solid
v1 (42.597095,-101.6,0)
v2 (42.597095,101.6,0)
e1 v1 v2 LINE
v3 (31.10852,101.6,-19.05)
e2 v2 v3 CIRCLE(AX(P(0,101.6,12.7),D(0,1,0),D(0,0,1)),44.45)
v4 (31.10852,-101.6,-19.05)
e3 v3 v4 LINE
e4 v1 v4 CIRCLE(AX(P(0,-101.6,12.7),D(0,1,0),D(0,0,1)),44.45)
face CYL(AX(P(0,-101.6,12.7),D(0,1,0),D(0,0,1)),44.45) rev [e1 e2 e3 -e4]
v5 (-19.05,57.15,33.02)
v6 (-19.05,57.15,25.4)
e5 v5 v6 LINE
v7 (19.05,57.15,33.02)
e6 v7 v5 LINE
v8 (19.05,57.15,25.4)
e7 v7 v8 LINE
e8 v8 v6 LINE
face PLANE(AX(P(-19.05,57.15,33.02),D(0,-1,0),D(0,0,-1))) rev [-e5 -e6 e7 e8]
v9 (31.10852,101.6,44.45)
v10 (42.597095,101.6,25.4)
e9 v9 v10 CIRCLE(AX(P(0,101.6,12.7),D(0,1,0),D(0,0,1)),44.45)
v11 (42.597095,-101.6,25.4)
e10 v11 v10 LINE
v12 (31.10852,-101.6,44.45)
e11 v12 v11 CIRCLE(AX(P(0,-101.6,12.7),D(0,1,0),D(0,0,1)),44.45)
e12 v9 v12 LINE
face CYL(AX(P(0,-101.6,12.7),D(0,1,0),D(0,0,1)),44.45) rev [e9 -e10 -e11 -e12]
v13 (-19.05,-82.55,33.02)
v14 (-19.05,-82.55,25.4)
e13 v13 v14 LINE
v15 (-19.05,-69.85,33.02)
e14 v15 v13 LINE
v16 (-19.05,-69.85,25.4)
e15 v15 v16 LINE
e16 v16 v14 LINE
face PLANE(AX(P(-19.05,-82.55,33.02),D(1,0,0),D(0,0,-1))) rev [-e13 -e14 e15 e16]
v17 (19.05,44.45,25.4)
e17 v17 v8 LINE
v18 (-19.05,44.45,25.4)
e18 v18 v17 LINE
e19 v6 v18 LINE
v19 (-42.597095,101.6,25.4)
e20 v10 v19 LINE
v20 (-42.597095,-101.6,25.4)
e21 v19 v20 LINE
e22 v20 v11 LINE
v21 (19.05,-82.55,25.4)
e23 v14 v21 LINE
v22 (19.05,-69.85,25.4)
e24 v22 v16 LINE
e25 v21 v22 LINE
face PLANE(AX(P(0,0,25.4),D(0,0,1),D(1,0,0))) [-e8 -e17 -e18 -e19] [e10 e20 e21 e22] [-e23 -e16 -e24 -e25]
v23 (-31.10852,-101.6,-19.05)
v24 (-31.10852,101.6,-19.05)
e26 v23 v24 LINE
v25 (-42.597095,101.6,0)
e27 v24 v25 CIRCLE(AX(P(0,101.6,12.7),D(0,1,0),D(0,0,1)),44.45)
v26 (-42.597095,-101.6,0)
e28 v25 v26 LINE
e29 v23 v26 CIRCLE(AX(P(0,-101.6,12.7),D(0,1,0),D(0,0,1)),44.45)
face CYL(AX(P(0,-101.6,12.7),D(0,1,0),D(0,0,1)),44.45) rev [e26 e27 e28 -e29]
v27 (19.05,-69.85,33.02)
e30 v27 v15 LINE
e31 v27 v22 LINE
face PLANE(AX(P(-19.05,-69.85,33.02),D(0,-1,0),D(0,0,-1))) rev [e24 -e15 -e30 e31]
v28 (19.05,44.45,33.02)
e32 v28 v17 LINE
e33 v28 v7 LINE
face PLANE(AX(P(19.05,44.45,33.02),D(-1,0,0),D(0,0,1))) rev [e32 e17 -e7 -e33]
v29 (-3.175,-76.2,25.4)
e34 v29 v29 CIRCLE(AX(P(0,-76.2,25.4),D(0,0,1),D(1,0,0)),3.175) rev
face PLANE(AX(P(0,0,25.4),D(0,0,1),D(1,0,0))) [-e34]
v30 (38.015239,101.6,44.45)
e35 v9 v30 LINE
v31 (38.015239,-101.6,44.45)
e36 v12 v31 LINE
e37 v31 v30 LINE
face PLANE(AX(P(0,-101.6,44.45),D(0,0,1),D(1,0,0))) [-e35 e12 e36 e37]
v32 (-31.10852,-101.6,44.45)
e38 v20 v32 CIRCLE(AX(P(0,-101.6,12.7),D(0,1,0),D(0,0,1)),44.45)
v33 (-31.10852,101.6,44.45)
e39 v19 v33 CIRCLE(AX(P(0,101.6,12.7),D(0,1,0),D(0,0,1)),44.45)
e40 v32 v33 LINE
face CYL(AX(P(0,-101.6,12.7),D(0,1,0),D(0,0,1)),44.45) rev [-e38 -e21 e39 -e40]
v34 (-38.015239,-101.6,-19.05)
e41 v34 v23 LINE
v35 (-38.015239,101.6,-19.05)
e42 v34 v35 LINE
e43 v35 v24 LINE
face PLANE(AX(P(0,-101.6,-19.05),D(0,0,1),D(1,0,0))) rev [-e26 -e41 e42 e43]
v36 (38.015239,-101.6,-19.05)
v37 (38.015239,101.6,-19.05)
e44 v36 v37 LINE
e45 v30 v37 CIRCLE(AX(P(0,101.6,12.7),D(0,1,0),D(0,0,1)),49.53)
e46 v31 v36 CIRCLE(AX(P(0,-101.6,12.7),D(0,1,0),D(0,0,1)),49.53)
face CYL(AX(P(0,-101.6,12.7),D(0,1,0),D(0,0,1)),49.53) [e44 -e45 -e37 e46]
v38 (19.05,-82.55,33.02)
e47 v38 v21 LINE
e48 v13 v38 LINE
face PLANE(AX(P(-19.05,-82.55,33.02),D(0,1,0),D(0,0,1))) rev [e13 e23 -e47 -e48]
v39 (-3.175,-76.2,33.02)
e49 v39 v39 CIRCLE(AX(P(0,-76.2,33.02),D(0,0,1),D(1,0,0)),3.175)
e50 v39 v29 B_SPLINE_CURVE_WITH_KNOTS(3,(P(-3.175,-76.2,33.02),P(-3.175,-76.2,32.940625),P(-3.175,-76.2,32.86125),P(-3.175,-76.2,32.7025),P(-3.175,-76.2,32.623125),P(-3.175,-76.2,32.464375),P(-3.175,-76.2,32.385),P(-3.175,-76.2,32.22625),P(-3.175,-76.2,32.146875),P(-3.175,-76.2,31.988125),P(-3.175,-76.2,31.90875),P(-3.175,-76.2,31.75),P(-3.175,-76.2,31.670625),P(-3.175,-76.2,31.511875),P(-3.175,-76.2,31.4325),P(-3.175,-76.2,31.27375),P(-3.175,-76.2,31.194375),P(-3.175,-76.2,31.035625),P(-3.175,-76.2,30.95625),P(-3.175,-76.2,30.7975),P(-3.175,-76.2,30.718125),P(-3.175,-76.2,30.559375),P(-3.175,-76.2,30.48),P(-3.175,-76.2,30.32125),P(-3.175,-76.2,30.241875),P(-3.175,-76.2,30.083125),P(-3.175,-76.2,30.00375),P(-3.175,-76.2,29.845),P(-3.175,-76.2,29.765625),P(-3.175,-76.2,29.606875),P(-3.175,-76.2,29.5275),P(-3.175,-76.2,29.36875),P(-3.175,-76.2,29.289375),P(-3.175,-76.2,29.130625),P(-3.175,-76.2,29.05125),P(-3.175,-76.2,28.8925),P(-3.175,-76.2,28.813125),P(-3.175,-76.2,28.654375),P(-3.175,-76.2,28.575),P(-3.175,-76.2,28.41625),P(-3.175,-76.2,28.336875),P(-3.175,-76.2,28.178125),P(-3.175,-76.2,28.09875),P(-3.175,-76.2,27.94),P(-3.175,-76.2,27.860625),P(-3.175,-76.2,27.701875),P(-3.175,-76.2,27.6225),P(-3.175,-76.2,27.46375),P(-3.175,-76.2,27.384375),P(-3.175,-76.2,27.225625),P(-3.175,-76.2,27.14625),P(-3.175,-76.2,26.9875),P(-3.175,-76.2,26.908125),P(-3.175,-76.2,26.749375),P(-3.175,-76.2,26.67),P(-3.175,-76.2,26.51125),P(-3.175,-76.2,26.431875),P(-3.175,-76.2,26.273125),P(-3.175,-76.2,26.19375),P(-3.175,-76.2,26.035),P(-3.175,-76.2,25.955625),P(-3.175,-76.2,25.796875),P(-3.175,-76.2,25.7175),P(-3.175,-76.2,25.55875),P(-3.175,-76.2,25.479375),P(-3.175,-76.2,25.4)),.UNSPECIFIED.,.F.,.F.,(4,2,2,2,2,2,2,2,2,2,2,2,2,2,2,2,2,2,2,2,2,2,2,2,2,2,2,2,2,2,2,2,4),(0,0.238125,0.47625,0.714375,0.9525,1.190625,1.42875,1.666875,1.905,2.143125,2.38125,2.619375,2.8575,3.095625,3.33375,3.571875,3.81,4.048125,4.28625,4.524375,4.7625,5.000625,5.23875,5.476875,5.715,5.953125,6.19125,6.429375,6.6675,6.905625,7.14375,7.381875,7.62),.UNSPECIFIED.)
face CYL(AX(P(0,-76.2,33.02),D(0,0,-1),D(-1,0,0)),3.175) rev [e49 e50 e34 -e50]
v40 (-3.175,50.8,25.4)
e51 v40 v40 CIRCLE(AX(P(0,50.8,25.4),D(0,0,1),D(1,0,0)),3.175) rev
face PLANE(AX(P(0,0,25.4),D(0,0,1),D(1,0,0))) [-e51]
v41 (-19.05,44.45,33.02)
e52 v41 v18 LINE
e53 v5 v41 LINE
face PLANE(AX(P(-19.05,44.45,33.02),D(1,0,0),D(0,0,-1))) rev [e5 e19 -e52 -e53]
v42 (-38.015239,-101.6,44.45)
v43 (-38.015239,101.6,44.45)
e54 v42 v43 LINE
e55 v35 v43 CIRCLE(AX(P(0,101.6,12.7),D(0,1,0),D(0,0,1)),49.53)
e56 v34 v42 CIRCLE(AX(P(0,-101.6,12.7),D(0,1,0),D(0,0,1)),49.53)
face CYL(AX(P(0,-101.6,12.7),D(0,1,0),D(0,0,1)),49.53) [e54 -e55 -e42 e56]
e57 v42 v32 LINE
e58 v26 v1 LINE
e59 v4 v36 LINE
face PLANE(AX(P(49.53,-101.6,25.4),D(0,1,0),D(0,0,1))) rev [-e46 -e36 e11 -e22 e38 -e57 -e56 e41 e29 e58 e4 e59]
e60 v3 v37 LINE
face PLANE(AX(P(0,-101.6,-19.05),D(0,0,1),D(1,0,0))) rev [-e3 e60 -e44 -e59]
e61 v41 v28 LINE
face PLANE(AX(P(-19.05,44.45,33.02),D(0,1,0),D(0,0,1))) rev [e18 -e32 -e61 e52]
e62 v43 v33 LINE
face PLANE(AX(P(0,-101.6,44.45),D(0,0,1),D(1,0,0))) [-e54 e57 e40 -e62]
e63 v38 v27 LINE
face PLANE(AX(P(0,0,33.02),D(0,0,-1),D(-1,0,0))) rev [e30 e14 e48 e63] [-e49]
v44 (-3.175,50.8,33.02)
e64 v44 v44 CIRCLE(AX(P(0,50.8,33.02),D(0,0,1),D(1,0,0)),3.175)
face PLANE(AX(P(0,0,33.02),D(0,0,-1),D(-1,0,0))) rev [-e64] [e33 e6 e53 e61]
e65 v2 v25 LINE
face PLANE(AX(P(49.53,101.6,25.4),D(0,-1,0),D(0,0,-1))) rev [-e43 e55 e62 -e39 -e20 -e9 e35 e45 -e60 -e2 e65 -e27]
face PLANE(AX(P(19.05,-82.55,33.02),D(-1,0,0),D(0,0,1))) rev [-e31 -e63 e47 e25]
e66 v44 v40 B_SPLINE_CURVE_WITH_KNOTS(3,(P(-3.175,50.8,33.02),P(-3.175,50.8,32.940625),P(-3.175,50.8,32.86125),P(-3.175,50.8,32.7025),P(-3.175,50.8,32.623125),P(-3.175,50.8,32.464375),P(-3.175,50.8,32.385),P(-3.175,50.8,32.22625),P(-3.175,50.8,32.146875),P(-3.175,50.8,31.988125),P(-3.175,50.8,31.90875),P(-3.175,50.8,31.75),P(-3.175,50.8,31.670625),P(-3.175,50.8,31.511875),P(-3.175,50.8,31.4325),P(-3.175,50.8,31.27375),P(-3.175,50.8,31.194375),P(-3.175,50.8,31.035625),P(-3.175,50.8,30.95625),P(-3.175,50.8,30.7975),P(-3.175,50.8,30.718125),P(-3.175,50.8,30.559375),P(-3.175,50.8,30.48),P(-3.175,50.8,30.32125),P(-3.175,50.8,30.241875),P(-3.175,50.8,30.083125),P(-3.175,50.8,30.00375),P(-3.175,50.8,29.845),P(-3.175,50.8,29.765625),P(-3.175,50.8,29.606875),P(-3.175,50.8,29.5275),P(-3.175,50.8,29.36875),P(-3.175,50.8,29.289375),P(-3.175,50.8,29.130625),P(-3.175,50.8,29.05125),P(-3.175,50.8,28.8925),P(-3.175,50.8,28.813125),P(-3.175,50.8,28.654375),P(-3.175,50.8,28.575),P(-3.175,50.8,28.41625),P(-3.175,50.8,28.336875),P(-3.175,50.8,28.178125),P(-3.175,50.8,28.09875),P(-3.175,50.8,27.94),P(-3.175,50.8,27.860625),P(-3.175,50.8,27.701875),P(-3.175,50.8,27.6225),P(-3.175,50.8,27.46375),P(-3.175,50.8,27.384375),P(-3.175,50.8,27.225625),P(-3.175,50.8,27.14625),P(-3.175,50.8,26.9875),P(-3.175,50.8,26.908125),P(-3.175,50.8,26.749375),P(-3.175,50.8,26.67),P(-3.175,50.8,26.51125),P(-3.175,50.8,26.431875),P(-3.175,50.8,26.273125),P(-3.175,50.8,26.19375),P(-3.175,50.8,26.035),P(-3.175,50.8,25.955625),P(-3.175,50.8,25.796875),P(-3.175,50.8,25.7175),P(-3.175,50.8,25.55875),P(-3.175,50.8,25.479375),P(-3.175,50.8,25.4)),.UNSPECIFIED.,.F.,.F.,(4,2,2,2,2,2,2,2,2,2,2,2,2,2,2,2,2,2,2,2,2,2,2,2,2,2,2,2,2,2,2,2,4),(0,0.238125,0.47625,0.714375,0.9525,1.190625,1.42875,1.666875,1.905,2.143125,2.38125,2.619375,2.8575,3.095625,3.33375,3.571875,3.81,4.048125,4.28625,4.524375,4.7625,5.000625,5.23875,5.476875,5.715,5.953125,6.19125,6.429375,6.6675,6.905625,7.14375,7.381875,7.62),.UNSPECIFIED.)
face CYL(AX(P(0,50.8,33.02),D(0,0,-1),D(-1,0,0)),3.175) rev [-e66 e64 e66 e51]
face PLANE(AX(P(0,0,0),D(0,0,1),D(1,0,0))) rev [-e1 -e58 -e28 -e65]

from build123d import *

# Parameters (mm, degrees)
SKETCH1_W           = 99.06
SKETCH1_H           = 203.2
BOSS_EXTRUDE1_DEPTH = 25.4
SKETCH2_R           = 49.53
SKETCH2_R_2         = 44.45
BOSS_EXTRUDE2_DEPTH = 203.2
CUT_EXTRUDE1_DEPTH  = 219.2109846
SKETCH6_W           = 38.1
SKETCH6_H           = 12.7
SKETCH6_R           = 3.175
BOSS_EXTRUDE3_DEPTH = 7.62


with BuildPart() as part:
    # Sketch1 → Boss-Extrude1 (new body)
    with BuildSketch(Plane.XY):
        Rectangle(SKETCH1_W, SKETCH1_H)
    extrude(amount=BOSS_EXTRUDE1_DEPTH)

    # Sketch2 → Boss-Extrude2 (add, through all)
    with BuildSketch(Plane(origin=(0, 101.6, 0), x_dir=(1, 0, 0), z_dir=(0, 1, 0))):
        with Locations((0, -12.7)):
            Circle(SKETCH2_R)
        with Locations((0, -12.7)):
            Circle(SKETCH2_R_2, mode=Mode.SUBTRACT)
    extrude(amount=-BOSS_EXTRUDE2_DEPTH)

    # Sketch3 → Cut-Extrude1 (cut, through all)
    with BuildSketch(Plane(origin=(0, 101.6, 0), x_dir=(1, 0, 0), z_dir=(0, 1, 0))):
        with BuildLine():
            Line((-38.01523905, 19.05), (-47.519048812, 19.05))
            ThreePointArc((-47.519048812, 19.05), (-57.15, -12.7), (-47.519048812, -44.45))
            Line((-47.519048812, -44.45), (-38.01523905, -44.45))
            ThreePointArc((-38.01523905, -44.45), (-43.988304304, -35.465104533), (-47.874115135, -25.4))
            Line((-47.874115135, -25.4), (-49.53, -25.4))
            Line((-49.53, -25.4), (-49.53, -12.7))
            Line((-49.53, -12.7), (-49.53, 0))
            Line((-49.53, 0), (-47.874115135, 0))
            ThreePointArc((-47.874115135, 0), (-43.988304304, 10.065104533), (-38.01523905, 19.05))
        make_face()
        with BuildLine():
            Line((47.519048812, 19.05), (38.01523905, 19.05))
            ThreePointArc((38.01523905, 19.05), (43.988304304, 10.065104533), (47.874115135, 0))
            Line((47.874115135, 0), (49.53, 0))
            Line((49.53, 0), (49.53, -12.7))
            Line((49.53, -12.7), (49.53, -25.4))
            Line((49.53, -25.4), (47.874115135, -25.4))
            ThreePointArc((47.874115135, -25.4), (43.988304304, -35.465104533), (38.01523905, -44.45))
            Line((38.01523905, -44.45), (47.519048812, -44.45))
            ThreePointArc((47.519048812, -44.45), (54.689286609, -29.289286609), (57.15, -12.7))
            ThreePointArc((57.15, -12.7), (54.689286609, 3.889286609), (47.519048812, 19.05))
        make_face()
        with BuildLine():
            ThreePointArc((31.108519733, 19.05), (0, 31.75), (-31.108519733, 19.05))
            Line((-31.108519733, 19.05), (31.108519733, 19.05))
        make_face()
        with BuildLine():
            ThreePointArc((38.01523905, 19.05), (0, 36.83), (-38.01523905, 19.05))
            Line((-38.01523905, 19.05), (-31.108519733, 19.05))
            ThreePointArc((-31.108519733, 19.05), (0, 31.75), (31.108519733, 19.05))
            Line((31.108519733, 19.05), (38.01523905, 19.05))
        make_face()
        with BuildLine():
            ThreePointArc((2.76e-07, 44.45), (-26.940768242, 37.701562541), (-47.519048812, 19.05))
            Line((-47.519048812, 19.05), (-38.01523905, 19.05))
            ThreePointArc((-38.01523905, 19.05), (0, 36.83), (38.01523905, 19.05))
            Line((38.01523905, 19.05), (47.519048812, 19.05))
            ThreePointArc((47.519048812, 19.05), (26.940768485, 37.701562411), (2.76e-07, 44.45))
        make_face()
        with BuildLine():
            Line((-63.5, 44.45), (-63.5, 19.05))
            Line((-63.5, 19.05), (-47.519048812, 19.05))
            ThreePointArc((-47.519048812, 19.05), (-26.940768242, 37.701562541), (2.76e-07, 44.45))
            Line((2.76e-07, 44.45), (-63.5, 44.45))
        make_face()
        with BuildLine():
            Line((63.5, 44.45), (2.76e-07, 44.45))
            ThreePointArc((2.76e-07, 44.45), (26.940768485, 37.701562411), (47.519048812, 19.05))
            Line((47.519048812, 19.05), (63.5, 19.05))
            Line((63.5, 19.05), (63.5, 44.45))
        make_face()
        with BuildLine():
            ThreePointArc((47.519048812, -44.45), (26.940768401, -63.101562456), (8.5e-08, -69.85))
            Line((8.5e-08, -69.85), (63.5, -69.85))
            Line((63.5, -69.85), (63.5, -44.45))
            Line((63.5, -44.45), (47.519048812, -44.45))
        make_face()
        with BuildLine():
            ThreePointArc((8.5e-08, -69.85), (-26.940768326, -63.101562496), (-47.519048812, -44.45))
            Line((-47.519048812, -44.45), (-63.5, -44.45))
            Line((-63.5, -44.45), (-63.5, -69.85))
            Line((-63.5, -69.85), (8.5e-08, -69.85))
        make_face()
        with BuildLine():
            Line((-38.01523905, -44.45), (-47.519048812, -44.45))
            ThreePointArc((-47.519048812, -44.45), (-26.940768326, -63.101562496), (8.5e-08, -69.85))
            ThreePointArc((8.5e-08, -69.85), (26.940768401, -63.101562456), (47.519048812, -44.45))
            Line((47.519048812, -44.45), (38.01523905, -44.45))
            ThreePointArc((38.01523905, -44.45), (0, -62.23), (-38.01523905, -44.45))
        make_face()
        with BuildLine():
            Line((-31.108519733, -44.45), (-38.01523905, -44.45))
            ThreePointArc((-38.01523905, -44.45), (0, -62.23), (38.01523905, -44.45))
            Line((38.01523905, -44.45), (31.108519733, -44.45))
            ThreePointArc((31.108519733, -44.45), (0, -57.15), (-31.108519733, -44.45))
        make_face()
        with BuildLine():
            Line((31.108519733, -44.45), (-31.108519733, -44.45))
            ThreePointArc((-31.108519733, -44.45), (0, -57.15), (31.108519733, -44.45))
        make_face()
        with BuildLine():
            ThreePointArc((-49.53, -12.7), (-49.114284188, -6.296251983), (-47.874115135, 0))
            Line((-47.874115135, 0), (-49.53, 0))
            Line((-49.53, 0), (-49.53, -12.7))
        make_face()
        with BuildLine():
            ThreePointArc((-47.874115135, -25.4), (-49.114284188, -19.103748017), (-49.53, -12.7))
            Line((-49.53, -12.7), (-49.53, -25.4))
            Line((-49.53, -25.4), (-47.874115135, -25.4))
        make_face()
        with BuildLine():
            Line((49.53, -25.4), (49.53, -12.7))
            ThreePointArc((49.53, -12.7), (49.114284188, -19.103748017), (47.874115135, -25.4))
            Line((47.874115135, -25.4), (49.53, -25.4))
        make_face()
        with BuildLine():
            Line((49.53, 0), (47.874115135, 0))
            ThreePointArc((47.874115135, 0), (49.114284188, -6.296251983), (49.53, -12.7))
            Line((49.53, -12.7), (49.53, 0))
        make_face()
    extrude(amount=-CUT_EXTRUDE1_DEPTH, mode=Mode.SUBTRACT)

    # Sketch6 → Boss-Extrude3 (add)
    # profile 1 of 2: a face of its own
    with BuildSketch(Plane.XY.offset(25.4)):
        with Locations((0, 50.8)):
            Rectangle(SKETCH6_W, SKETCH6_H)
        with Locations(Location((0, 50.8, 0), (0, 0, 180))):
            Circle(SKETCH6_R, mode=Mode.SUBTRACT)
    # profile 2 of 2: a face of its own
    with BuildSketch(Plane.XY.offset(25.4)):
        with Locations((0, -76.2)):
            Rectangle(SKETCH6_W, SKETCH6_H)
        with Locations(Location((0, -76.2, 0), (0, 0, 180))):
            Circle(SKETCH6_R, mode=Mode.SUBTRACT)
    extrude(amount=BOSS_EXTRUDE3_DEPTH)


solid = part.part
